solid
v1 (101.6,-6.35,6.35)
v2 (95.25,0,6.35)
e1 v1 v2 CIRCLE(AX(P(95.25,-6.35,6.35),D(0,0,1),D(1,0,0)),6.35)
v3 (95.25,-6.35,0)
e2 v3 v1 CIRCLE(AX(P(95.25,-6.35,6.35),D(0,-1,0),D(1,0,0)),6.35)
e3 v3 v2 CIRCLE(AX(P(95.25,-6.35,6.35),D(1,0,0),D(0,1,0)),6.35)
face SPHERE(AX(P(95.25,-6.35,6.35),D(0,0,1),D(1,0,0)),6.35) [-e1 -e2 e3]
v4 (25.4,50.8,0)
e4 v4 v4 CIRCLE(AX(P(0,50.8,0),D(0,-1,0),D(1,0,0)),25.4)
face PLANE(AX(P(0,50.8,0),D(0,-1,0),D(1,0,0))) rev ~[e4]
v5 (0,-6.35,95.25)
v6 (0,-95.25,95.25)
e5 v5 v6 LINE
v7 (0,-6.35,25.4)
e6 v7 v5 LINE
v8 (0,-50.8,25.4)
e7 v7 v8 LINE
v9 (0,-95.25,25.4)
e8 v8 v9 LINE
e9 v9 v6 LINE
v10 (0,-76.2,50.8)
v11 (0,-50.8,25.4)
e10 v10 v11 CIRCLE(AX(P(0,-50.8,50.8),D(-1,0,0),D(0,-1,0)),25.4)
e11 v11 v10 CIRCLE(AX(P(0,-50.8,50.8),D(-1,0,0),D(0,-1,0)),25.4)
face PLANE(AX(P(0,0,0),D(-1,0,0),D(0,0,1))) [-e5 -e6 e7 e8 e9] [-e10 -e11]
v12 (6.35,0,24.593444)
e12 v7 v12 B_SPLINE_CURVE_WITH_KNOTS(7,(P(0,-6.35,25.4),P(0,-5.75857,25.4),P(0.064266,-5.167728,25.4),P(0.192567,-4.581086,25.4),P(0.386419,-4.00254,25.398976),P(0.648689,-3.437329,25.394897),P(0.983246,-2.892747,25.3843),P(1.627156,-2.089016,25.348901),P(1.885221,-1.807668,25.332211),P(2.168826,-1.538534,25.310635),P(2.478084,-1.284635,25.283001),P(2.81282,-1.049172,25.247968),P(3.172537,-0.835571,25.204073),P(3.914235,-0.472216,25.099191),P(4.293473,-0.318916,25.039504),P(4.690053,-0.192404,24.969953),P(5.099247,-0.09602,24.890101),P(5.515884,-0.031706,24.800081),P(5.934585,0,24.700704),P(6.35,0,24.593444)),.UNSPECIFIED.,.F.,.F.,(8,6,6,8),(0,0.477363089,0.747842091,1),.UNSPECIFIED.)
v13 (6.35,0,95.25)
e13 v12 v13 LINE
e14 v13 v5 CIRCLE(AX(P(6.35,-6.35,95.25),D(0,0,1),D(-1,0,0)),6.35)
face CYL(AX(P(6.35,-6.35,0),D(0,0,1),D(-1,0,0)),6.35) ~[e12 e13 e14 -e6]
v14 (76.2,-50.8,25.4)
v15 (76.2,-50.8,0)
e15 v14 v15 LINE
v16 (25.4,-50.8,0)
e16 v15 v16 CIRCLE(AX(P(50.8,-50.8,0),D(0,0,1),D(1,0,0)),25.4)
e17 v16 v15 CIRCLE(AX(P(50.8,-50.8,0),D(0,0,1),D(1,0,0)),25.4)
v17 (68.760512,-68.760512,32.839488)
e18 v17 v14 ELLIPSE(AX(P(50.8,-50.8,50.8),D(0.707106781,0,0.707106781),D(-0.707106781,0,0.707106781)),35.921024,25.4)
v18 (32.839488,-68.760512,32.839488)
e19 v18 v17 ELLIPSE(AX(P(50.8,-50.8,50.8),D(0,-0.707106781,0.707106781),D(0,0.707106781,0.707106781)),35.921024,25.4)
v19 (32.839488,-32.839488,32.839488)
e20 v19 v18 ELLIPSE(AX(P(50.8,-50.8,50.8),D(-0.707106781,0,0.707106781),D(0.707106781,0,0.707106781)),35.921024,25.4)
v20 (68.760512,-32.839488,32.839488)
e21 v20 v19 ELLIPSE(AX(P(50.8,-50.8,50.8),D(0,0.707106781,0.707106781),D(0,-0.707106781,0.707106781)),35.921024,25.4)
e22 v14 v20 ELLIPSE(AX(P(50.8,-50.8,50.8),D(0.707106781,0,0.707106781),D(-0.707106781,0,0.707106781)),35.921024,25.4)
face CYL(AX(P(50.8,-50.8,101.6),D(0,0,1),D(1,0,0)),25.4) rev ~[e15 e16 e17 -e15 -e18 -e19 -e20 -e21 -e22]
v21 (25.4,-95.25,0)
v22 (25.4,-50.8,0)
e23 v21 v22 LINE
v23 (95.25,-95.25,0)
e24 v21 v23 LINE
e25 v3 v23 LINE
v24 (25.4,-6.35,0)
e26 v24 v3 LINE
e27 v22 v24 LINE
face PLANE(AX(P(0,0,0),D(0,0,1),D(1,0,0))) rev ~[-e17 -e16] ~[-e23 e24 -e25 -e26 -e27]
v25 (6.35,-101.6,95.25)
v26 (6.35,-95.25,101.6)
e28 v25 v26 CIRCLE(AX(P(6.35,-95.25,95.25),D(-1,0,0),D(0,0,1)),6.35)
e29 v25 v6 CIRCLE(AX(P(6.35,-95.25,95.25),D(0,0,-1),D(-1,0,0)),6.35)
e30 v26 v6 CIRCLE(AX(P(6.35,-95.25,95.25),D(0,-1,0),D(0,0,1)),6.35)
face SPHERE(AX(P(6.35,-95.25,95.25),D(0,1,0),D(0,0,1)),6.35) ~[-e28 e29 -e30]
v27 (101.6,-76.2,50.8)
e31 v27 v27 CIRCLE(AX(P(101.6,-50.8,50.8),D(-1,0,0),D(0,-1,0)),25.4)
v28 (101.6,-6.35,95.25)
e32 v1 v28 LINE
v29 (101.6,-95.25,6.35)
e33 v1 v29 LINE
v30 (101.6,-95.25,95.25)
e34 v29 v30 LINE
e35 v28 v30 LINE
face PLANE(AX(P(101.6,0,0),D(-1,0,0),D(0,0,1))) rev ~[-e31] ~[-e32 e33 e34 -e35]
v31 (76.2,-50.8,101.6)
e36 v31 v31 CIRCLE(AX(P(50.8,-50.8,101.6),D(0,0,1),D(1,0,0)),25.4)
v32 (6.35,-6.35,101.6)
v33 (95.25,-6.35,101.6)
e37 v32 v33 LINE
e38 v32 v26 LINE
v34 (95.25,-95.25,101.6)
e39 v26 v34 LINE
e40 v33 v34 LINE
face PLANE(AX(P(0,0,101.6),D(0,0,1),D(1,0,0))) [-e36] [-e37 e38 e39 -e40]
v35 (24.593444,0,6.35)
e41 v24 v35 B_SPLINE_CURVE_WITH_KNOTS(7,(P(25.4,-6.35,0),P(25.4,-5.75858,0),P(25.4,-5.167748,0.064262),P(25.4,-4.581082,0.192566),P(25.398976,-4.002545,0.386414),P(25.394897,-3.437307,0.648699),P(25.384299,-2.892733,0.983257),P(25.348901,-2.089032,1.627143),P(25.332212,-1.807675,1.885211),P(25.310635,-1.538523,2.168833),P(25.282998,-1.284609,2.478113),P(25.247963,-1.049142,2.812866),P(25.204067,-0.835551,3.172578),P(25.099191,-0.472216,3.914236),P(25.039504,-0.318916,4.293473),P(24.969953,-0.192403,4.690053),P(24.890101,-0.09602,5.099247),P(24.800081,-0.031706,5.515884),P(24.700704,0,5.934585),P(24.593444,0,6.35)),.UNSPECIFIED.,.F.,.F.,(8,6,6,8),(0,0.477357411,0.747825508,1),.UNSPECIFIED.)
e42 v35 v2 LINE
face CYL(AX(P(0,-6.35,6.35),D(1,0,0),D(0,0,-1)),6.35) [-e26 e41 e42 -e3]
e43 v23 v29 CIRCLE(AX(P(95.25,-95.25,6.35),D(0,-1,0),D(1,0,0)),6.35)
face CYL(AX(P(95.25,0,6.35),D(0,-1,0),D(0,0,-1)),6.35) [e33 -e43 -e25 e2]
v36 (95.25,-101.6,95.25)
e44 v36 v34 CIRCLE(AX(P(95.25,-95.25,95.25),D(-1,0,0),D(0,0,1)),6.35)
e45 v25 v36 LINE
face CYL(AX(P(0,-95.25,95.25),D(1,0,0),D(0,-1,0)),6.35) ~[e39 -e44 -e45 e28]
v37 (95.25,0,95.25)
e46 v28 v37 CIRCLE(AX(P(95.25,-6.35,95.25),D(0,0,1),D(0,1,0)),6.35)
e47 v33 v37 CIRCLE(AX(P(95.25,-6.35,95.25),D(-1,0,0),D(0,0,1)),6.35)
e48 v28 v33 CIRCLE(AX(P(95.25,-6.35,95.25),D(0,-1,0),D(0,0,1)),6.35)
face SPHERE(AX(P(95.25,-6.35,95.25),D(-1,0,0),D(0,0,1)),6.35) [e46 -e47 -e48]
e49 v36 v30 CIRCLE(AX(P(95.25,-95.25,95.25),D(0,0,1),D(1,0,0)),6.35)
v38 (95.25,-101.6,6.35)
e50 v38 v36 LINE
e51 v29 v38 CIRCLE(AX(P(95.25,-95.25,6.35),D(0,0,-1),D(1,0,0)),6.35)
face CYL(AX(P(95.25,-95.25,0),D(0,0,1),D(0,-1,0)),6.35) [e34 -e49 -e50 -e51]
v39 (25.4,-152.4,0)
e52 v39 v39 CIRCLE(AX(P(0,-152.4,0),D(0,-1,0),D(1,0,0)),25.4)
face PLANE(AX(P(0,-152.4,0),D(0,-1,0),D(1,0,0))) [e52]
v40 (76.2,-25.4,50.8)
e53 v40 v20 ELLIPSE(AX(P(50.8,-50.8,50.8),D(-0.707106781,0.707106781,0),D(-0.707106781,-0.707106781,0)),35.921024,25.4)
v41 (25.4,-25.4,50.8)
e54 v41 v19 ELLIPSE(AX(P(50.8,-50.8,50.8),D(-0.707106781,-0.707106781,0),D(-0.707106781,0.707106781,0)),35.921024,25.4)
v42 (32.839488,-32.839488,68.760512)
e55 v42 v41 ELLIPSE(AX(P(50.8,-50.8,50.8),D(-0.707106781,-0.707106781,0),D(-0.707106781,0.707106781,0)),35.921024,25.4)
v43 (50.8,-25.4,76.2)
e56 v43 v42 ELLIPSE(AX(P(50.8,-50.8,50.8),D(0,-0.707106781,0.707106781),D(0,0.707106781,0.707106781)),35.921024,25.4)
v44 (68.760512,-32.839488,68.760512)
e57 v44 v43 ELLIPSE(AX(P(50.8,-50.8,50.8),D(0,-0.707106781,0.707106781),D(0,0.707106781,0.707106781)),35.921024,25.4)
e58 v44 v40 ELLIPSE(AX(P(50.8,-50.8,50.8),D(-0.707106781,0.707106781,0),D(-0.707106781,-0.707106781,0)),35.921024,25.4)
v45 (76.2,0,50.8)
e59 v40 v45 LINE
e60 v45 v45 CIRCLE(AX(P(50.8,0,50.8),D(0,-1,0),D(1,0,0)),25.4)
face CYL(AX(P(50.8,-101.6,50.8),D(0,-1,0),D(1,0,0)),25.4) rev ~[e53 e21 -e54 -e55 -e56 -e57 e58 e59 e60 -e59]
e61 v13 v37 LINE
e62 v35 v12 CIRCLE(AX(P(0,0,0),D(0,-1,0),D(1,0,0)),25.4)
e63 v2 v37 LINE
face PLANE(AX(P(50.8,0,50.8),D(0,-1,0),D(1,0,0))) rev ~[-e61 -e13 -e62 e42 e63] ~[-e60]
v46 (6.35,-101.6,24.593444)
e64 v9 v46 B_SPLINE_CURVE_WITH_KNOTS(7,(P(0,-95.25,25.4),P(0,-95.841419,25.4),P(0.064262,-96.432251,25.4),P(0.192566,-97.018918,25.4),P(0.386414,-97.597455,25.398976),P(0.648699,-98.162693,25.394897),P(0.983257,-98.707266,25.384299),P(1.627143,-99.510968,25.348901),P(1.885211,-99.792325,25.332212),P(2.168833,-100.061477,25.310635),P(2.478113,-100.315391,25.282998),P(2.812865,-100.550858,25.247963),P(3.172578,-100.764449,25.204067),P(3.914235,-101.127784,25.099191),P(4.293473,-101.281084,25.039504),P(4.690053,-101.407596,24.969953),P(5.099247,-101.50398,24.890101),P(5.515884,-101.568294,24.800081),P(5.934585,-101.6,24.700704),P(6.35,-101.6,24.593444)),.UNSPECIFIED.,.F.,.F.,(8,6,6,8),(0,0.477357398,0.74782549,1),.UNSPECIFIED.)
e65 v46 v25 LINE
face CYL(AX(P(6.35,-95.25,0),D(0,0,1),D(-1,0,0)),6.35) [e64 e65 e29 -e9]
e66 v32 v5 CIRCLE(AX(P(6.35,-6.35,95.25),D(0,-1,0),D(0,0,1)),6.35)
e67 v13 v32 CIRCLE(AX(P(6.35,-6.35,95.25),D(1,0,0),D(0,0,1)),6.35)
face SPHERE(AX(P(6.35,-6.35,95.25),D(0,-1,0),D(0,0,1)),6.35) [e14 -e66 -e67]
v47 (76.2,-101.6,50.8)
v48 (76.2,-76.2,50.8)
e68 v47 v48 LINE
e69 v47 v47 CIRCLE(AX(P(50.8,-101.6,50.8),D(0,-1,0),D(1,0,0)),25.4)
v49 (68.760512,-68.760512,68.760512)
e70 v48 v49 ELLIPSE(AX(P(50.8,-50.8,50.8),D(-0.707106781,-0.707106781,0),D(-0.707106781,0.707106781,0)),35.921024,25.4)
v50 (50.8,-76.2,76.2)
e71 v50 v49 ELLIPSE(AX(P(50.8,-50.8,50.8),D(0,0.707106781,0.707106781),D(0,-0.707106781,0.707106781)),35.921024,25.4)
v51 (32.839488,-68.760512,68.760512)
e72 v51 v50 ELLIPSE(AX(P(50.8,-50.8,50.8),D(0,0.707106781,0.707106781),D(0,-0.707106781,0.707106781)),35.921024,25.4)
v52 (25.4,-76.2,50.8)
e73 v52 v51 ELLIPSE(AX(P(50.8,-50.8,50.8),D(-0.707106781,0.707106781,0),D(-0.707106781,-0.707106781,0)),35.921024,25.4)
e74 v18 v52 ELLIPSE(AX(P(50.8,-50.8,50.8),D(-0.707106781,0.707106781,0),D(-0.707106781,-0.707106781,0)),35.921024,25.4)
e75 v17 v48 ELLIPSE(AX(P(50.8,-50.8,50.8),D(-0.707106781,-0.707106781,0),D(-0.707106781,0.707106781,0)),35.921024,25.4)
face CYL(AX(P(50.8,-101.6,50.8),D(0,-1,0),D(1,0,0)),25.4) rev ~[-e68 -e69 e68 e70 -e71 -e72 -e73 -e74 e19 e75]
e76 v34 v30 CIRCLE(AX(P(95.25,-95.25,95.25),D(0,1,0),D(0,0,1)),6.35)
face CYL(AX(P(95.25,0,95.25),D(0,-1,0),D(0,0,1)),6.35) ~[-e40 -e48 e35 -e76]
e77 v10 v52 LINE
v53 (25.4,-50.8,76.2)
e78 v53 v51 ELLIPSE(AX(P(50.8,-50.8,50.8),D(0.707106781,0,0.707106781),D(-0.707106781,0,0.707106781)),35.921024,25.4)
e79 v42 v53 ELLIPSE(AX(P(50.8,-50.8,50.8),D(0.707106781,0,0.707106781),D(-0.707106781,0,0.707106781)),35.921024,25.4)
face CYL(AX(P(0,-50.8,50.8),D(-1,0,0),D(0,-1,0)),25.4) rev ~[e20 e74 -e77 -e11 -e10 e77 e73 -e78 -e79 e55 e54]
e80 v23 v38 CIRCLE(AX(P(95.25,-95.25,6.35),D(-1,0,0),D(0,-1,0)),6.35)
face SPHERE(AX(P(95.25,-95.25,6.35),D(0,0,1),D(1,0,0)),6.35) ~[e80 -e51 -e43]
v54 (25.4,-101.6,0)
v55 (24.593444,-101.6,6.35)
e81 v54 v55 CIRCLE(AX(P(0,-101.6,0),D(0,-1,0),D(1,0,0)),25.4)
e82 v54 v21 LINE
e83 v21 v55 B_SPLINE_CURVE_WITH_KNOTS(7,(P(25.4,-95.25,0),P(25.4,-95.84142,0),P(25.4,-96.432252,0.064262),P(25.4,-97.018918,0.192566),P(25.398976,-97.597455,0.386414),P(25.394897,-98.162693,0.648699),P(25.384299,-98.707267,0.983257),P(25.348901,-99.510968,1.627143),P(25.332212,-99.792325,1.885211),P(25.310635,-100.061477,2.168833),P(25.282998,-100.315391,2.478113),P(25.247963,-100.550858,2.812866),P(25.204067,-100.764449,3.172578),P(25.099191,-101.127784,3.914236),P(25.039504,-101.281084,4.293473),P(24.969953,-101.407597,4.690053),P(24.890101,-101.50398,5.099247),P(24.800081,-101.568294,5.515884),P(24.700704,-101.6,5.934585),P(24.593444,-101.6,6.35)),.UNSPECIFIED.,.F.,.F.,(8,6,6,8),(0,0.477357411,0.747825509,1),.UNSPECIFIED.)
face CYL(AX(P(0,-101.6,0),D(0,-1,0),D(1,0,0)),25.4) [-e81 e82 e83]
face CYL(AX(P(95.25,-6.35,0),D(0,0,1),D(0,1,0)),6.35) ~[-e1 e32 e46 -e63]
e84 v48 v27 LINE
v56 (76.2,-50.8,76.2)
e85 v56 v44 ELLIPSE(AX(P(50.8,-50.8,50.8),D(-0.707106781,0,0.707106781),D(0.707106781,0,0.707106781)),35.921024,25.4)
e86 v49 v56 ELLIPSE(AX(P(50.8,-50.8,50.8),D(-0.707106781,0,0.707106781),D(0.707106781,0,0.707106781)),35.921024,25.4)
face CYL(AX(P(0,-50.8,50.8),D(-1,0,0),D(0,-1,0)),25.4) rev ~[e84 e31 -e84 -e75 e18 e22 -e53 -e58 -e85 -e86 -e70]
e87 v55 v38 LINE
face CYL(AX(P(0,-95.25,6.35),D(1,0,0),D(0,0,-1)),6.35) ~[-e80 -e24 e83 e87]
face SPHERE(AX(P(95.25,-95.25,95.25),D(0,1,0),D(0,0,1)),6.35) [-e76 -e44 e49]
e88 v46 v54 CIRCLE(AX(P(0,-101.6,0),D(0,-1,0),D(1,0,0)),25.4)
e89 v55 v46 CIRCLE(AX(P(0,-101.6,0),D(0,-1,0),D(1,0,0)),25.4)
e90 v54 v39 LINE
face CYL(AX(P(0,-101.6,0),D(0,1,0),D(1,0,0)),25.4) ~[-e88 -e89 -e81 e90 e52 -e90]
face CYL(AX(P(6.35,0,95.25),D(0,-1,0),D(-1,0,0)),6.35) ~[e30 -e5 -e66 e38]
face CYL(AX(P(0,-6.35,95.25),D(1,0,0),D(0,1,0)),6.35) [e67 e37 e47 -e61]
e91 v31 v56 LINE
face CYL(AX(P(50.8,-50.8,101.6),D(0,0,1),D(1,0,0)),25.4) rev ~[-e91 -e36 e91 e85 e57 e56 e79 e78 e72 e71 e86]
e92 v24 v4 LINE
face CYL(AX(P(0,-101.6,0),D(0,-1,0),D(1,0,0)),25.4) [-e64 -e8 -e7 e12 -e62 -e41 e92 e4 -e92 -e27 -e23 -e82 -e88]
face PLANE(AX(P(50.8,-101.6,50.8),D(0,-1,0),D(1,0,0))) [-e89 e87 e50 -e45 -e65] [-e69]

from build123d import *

# Parameters (mm, degrees)
F0_W           = 101.6
F0_H           = 101.6
F1_DEPTH       = 101.6
F2_R           = 25.4
F3_DEPTH       = 101.6
F4_R           = 25.4
F5_DEPTH       = 101.6
F6_R           = 25.4
F7_DEPTH       = 101.6
F8_R           = 6.35
F10_R          = 25.4
F11_DEPTH      = 50.8
F11_DEPTH_BACK = 152.4


with BuildPart() as f1:
    # F0 (on Front) → F1 (new body)
    with BuildSketch(Plane.XZ):
        with Locations((50.8, 50.8)):
            Rectangle(F0_W, F0_H)
    extrude(amount=F1_DEPTH)

    # F2 (on face) → F3 (cut)
    with BuildSketch(Plane.XY.offset(101.6)):
        with Locations((50.8, -50.8)):
            Circle(F2_R)
    extrude(amount=-F3_DEPTH, mode=Mode.SUBTRACT)

    # F4 (on face) → F5 (cut)
    with BuildSketch(Plane(origin=(0, 0, 0), x_dir=(0, -1, 0), z_dir=(-1, 0, 0))):
        with Locations((50.8, 50.8)):
            Circle(F4_R)
    extrude(amount=-F5_DEPTH, mode=Mode.SUBTRACT)

    # F6 (on face) → F7 (cut)
    with BuildSketch(Plane.XZ.offset(101.6)):
        with Locations((50.8, 50.8)):
            Circle(F6_R)
    extrude(amount=-F7_DEPTH, mode=Mode.SUBTRACT)

    # F8
    f8_edges = [f1.edges().sort_by_distance(p)[0] for p in [
        (0, -50.8, 101.6),
        (50.8, 0, 101.6),
        (101.6, -50.8, 101.6),
        (50.8, -101.6, 101.6),
        (0, -101.6, 50.8),
        (101.6, -101.6, 50.8),
        (101.6, 0, 50.8),
        (101.6, -50.8, 0),
        (50.8, -101.6, 0),
        (50.8, 0, 0),
        (0, 0, 50.8),
        (0, -50.8, 0),
    ]]
    fillet(f8_edges, radius=F8_R)

    # F10 (on offset) → F11 (join, two sides)
    with BuildSketch(Plane.XZ.offset(101.6)) as f11_sk:
        Circle(F10_R)
    extrude(amount=F11_DEPTH)
    extrude(f11_sk.sketch, amount=-F11_DEPTH_BACK)


solid = f1.part
